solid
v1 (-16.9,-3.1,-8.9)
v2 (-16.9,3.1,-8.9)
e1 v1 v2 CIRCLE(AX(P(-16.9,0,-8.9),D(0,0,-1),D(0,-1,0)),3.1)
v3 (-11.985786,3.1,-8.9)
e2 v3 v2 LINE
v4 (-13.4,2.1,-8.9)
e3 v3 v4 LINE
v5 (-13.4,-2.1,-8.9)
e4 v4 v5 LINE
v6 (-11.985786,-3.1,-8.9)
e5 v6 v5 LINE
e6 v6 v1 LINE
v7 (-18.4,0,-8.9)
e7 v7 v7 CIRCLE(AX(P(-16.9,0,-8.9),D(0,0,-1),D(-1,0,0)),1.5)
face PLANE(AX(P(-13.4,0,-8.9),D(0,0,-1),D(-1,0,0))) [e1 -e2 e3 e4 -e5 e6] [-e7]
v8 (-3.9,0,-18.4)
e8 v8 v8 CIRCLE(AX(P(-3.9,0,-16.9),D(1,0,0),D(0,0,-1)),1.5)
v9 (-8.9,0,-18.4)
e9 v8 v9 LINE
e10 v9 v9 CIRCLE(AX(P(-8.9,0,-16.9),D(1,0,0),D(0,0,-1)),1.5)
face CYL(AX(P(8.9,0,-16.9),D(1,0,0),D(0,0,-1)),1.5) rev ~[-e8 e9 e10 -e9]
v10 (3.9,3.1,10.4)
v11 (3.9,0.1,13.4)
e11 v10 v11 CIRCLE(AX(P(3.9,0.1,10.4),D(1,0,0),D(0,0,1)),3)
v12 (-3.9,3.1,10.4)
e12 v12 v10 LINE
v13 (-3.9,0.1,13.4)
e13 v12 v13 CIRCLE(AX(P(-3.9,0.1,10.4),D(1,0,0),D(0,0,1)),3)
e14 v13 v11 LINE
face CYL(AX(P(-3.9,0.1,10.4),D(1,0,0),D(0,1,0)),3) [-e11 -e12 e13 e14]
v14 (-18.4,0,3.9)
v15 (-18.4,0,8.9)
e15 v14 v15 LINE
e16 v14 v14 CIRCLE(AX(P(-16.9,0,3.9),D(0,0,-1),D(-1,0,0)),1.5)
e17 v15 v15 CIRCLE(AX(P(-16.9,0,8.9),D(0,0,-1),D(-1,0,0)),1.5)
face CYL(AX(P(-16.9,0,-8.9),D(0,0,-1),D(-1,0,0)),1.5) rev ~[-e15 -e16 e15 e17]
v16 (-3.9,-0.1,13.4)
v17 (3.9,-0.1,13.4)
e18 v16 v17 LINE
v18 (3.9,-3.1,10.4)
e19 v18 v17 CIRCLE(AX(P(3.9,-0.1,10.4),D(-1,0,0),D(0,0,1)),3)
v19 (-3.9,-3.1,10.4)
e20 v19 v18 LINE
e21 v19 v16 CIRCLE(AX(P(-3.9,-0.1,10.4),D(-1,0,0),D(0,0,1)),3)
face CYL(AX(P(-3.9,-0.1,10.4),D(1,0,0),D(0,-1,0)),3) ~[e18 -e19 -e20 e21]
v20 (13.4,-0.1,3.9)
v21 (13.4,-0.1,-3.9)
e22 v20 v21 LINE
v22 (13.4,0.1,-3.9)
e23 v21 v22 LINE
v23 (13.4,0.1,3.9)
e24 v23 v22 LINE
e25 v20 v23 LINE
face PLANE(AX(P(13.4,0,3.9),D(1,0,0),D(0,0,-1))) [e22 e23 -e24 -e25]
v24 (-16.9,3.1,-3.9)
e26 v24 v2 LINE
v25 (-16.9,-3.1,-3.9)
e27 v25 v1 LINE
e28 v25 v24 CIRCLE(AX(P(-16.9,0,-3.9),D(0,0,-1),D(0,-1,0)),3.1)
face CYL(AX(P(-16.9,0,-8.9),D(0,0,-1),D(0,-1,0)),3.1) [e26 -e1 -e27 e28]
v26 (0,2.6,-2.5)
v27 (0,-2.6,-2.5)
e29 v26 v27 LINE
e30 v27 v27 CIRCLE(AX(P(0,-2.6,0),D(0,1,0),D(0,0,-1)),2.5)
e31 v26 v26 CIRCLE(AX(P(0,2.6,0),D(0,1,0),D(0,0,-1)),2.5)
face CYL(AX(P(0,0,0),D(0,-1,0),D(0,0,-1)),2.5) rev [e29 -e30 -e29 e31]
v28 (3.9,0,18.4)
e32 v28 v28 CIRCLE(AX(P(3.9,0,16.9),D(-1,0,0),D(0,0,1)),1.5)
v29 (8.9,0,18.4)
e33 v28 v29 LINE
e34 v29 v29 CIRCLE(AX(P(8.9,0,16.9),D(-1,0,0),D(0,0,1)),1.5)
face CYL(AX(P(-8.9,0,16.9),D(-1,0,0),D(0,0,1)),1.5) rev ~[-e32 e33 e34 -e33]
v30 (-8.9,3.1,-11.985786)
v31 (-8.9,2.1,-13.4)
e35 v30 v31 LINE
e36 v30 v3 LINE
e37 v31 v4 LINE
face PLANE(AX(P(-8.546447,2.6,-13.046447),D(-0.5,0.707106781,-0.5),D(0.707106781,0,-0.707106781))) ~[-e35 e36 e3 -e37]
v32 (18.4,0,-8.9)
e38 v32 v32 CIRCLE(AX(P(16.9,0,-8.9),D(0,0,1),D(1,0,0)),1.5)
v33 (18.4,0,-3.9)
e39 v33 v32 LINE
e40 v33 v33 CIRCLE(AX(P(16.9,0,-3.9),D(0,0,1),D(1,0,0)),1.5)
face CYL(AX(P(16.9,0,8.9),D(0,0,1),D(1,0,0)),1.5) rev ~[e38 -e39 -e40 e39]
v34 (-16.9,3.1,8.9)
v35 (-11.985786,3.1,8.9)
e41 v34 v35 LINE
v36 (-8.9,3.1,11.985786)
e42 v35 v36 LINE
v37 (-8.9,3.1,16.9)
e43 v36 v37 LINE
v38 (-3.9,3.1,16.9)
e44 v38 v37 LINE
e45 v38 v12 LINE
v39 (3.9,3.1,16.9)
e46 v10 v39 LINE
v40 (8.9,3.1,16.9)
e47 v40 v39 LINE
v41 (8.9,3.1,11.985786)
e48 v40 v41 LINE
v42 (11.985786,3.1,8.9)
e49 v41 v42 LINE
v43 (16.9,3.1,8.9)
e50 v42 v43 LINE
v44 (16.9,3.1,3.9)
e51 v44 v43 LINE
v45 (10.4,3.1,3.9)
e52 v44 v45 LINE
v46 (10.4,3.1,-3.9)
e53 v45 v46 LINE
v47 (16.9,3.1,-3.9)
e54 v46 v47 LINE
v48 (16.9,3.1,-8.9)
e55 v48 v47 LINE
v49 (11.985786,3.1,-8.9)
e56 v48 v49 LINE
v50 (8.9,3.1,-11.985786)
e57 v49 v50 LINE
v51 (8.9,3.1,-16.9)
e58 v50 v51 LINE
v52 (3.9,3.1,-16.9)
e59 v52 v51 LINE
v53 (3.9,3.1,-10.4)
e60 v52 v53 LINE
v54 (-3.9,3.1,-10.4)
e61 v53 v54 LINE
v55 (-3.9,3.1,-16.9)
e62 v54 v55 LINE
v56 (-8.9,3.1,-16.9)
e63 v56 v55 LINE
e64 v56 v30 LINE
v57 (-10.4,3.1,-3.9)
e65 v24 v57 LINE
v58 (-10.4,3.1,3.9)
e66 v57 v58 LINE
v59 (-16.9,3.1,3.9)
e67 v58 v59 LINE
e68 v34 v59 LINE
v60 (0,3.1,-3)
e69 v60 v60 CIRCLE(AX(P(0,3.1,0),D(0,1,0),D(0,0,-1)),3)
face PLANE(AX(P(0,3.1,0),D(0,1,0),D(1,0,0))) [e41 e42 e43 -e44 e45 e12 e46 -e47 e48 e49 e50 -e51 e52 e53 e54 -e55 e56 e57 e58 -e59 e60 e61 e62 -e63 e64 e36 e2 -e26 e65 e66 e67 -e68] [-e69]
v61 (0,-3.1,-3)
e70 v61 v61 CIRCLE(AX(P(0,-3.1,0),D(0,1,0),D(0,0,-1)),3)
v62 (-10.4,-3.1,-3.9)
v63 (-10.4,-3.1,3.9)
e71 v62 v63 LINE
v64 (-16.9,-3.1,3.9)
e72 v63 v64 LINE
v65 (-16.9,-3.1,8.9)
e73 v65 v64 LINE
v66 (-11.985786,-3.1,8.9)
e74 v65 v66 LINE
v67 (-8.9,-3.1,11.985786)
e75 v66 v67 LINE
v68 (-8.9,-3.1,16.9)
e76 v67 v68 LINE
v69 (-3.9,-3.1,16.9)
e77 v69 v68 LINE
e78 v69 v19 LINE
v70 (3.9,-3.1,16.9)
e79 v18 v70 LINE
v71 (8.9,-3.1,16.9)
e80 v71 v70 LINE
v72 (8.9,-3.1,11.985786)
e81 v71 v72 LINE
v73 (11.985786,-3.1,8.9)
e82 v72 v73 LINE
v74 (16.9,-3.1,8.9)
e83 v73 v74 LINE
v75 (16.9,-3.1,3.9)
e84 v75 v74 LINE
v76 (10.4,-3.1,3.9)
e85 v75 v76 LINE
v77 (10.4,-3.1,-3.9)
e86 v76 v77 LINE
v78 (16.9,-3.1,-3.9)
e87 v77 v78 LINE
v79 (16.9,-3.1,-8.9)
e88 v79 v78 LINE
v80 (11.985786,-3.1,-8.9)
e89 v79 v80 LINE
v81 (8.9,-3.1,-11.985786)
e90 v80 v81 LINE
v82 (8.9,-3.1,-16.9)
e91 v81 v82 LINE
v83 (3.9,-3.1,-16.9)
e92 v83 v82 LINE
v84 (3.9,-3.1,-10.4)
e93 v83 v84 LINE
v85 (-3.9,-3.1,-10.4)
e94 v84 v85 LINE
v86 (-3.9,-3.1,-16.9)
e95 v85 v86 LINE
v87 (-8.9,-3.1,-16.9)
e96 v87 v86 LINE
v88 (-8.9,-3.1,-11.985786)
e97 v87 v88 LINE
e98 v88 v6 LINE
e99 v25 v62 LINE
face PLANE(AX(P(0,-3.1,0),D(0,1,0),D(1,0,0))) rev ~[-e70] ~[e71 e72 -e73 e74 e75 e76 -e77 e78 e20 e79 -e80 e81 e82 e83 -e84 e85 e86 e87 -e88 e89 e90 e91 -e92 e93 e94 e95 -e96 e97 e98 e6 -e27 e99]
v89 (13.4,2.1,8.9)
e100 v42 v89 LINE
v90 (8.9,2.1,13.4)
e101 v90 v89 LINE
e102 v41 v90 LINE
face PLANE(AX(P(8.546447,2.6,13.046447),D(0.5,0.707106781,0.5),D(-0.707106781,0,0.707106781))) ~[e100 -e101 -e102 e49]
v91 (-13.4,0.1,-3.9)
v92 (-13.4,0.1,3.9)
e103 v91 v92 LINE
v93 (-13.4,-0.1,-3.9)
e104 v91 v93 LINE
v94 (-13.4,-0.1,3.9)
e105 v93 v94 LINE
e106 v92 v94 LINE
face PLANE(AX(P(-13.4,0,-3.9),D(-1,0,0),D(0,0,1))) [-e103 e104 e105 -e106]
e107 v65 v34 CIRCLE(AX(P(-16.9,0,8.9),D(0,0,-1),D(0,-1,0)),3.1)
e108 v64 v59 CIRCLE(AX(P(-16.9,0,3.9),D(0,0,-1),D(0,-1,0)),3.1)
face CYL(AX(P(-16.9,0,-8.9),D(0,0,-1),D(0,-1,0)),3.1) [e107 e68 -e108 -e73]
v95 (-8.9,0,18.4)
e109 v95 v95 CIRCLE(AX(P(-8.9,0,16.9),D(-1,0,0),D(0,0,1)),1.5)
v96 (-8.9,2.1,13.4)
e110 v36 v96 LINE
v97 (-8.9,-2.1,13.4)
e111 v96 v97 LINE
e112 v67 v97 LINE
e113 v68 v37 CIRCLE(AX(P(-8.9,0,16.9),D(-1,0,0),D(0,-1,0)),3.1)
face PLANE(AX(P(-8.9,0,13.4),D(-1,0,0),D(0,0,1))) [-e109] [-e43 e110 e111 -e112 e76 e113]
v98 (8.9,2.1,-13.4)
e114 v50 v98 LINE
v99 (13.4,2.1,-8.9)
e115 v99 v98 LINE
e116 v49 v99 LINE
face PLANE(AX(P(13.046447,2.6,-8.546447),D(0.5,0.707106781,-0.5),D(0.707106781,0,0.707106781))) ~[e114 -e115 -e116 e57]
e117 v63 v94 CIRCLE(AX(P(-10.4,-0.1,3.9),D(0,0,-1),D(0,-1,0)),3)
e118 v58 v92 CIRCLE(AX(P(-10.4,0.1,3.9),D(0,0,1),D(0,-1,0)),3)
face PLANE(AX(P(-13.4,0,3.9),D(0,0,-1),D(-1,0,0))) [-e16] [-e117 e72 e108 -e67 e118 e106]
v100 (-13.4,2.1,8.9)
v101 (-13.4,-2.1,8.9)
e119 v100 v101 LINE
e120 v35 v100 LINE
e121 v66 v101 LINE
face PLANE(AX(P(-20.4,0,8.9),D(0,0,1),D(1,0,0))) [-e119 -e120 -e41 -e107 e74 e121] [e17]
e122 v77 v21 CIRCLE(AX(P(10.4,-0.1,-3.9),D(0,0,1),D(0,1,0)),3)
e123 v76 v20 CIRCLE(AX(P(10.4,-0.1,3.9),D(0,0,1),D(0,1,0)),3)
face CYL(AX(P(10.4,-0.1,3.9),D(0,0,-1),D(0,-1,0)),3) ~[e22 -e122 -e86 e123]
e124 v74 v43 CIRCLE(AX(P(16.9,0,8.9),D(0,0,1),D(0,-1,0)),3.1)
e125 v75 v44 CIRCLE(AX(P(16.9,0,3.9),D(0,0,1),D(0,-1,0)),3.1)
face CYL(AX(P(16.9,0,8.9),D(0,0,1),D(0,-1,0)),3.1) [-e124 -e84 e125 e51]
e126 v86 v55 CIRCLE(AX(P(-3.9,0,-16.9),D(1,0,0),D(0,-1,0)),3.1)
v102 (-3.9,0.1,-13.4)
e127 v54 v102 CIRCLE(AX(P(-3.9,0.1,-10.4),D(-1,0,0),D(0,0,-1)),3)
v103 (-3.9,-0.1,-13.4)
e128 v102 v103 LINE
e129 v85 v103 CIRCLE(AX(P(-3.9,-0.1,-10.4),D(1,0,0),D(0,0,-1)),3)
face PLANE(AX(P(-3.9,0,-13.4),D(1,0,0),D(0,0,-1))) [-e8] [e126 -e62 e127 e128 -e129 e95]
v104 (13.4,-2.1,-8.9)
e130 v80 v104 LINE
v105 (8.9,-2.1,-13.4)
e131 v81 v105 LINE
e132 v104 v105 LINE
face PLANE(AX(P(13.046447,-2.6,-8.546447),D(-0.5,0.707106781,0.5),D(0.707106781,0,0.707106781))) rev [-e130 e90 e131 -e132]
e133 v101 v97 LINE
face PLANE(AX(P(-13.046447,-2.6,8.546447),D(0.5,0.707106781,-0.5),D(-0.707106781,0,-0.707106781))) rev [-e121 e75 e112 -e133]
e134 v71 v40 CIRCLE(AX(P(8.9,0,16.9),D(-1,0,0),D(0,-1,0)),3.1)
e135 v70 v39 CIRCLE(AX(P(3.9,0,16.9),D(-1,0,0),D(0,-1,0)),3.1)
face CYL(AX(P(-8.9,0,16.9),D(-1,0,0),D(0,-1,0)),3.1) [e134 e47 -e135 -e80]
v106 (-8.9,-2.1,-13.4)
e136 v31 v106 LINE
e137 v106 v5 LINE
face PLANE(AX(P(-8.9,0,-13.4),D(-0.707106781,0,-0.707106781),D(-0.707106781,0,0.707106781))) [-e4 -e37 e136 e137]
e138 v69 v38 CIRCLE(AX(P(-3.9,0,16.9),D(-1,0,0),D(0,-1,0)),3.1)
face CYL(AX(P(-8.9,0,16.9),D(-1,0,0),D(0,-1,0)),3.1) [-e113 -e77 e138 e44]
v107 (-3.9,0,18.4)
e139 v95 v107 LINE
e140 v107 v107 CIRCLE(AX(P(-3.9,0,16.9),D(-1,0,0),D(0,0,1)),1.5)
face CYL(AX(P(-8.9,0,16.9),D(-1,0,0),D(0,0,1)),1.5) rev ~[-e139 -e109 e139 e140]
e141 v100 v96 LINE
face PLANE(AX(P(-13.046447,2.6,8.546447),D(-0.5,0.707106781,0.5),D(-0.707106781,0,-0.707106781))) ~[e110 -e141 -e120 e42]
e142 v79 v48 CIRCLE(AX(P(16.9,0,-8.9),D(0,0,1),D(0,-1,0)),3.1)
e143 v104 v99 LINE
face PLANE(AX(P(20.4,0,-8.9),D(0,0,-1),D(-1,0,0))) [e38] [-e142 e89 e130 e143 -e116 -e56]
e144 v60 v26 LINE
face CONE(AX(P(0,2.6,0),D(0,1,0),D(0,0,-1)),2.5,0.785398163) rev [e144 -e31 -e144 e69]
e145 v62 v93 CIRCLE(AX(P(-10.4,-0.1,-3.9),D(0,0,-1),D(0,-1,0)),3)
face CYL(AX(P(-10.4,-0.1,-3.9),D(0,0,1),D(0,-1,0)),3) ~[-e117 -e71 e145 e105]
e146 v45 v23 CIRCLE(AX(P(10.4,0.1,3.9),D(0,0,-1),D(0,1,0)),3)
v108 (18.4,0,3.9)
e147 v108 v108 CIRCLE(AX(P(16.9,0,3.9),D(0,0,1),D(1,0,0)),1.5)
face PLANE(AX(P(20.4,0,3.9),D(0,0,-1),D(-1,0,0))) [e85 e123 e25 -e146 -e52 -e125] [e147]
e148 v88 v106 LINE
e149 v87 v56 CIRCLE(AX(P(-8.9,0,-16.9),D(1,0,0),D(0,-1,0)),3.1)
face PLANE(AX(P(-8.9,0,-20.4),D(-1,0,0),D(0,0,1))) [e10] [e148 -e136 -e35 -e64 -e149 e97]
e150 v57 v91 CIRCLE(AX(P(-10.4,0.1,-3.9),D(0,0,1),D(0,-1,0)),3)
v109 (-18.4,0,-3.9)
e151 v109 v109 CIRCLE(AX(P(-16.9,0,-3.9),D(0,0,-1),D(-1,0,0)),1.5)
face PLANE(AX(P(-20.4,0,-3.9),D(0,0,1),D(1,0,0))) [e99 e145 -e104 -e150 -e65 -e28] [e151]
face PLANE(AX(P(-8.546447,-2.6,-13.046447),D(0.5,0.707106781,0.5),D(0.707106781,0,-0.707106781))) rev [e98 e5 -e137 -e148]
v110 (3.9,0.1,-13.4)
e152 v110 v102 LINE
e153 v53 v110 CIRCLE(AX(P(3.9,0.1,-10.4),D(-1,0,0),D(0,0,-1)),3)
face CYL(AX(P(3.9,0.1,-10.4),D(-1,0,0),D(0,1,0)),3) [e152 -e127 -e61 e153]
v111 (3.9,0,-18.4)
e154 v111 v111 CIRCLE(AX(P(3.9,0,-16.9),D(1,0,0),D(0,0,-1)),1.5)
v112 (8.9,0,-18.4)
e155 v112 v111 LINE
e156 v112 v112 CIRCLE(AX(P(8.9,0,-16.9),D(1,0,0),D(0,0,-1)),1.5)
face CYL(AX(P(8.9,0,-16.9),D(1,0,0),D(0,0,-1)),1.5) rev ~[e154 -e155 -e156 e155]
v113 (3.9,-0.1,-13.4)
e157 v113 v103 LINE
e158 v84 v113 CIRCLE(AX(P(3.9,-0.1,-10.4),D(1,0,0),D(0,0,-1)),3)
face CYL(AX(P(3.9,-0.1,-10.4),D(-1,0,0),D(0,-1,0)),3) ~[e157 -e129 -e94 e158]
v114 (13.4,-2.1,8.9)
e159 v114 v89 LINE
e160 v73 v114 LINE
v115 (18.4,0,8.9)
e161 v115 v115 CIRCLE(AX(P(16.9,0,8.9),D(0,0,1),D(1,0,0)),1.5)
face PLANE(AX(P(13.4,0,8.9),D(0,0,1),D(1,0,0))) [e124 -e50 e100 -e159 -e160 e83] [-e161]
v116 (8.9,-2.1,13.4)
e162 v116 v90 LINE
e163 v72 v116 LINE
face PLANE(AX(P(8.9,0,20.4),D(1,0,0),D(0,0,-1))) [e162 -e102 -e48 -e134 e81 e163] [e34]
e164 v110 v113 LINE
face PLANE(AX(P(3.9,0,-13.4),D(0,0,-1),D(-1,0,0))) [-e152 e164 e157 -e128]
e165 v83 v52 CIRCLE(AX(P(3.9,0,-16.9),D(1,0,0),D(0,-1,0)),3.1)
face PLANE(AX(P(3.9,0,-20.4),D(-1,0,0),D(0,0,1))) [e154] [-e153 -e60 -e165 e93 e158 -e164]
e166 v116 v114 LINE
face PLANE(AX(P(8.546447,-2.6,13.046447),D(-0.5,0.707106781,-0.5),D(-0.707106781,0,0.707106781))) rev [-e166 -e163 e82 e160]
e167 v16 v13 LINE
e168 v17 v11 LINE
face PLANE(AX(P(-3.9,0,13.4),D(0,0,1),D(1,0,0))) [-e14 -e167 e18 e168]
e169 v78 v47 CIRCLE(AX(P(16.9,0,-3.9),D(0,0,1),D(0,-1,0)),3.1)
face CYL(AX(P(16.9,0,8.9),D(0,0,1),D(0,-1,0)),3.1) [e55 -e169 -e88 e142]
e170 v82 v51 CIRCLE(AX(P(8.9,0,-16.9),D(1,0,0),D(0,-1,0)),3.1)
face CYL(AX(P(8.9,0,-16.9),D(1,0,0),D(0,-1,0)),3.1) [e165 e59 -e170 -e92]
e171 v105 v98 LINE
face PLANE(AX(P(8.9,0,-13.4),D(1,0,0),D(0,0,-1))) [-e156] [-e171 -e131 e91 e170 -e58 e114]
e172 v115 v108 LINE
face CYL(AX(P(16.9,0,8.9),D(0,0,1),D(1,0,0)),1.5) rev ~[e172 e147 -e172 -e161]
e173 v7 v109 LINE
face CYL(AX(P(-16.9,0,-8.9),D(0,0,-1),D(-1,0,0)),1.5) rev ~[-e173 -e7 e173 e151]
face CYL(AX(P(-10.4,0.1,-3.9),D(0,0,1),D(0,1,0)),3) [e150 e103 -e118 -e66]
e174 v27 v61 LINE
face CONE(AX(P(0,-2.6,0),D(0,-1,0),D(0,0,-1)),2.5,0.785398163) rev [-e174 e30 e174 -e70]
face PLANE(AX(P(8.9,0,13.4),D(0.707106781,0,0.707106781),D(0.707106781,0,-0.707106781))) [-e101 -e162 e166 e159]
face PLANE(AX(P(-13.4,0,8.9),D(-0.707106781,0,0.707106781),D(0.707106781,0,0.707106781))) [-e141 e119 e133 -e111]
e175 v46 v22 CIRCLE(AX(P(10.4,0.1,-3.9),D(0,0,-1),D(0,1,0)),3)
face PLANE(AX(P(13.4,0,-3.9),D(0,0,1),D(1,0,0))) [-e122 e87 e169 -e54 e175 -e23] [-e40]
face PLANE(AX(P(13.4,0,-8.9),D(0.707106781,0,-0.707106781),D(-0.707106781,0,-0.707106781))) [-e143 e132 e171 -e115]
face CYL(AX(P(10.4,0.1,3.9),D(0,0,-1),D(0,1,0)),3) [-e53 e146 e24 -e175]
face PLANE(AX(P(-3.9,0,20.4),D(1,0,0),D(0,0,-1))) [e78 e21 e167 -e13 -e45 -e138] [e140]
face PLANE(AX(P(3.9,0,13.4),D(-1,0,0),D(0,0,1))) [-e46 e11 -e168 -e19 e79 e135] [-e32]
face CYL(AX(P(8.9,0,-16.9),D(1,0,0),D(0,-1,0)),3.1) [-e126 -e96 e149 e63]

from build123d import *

# Parameters (mm, degrees)
SKETCH1_R           = 2.5
BOSS_EXTRUDE1_DEPTH = 3.1
SKETCH2_R           = 1.5
CUT_EXTRUDE1_DEPTH  = 36.836573497
CIRPATTERN1_COUNT   = 4
FILLET1_R           = 3
CHAMFER1_SIZE       = 1
CHAMFER3_SIZE       = 0.5


with BuildPart() as part:
    # Sketch1 → Boss-Extrude1 (new, symmetric)
    with BuildSketch(Plane(origin=(0, 0, 0), x_dir=(1, 0, 0), z_dir=(0, 1, 0))):
        Polygon((-8.9, -13.4), (-8.9, -20.4), (-3.9, -20.4), (-3.9, -13.4), (3.9, -13.4), (3.9, -20.4), (8.9, -20.4), (8.9, -13.4), (13.4, -8.9), (20.4, -8.9), (20.4, -3.9), (13.4, -3.9), (13.4, 3.9), (20.4, 3.9), (20.4, 8.9), (13.4, 8.9), (8.9, 13.4), (8.9, 20.4), (3.9, 20.4), (3.9, 13.4), (-3.9, 13.4), (-3.9, 20.4), (-8.9, 20.4), (-8.9, 13.4), (-13.4, 8.9), (-20.4, 8.9), (-20.4, 3.9), (-13.4, 3.9), (-13.4, -3.9), (-20.4, -3.9), (-20.4, -8.9), (-13.4, -8.9), align=None)
        with Locations(Location((0, 0, 0), (0, 0, 90))):
            Circle(SKETCH1_R, mode=Mode.SUBTRACT)
    extrude(amount=BOSS_EXTRUDE1_DEPTH, both=True)

    # Sketch2 → Cut-Extrude1 (cut, symmetric)
    with BuildSketch(Plane.ZY.offset(8.9)):
        with Locations((16.9, 0)):
            Circle(SKETCH2_R)
        with BuildLine():
            Line((16.9, 3.1), (20.4, 3.1))
            Line((20.4, 3.1), (20.4, -3.1))
            Line((20.4, -3.1), (16.9, -3.1))
            ThreePointArc((16.9, -3.1), (20, 0), (16.9, 3.1))
        make_face()
    cut_extrude1 = extrude(amount=CUT_EXTRUDE1_DEPTH, both=True, mode=Mode.SUBTRACT)

    # CirPattern1: Cut-Extrude1 ×4 about axis
    cirpattern1_axis = Axis((0, 3.1, 0), (0, 1, 0))
    for i in range(1, CIRPATTERN1_COUNT):
        add(cut_extrude1.rotate(cirpattern1_axis, i * 360 / CIRPATTERN1_COUNT), mode=Mode.SUBTRACT)

    # Fillet1
    fillet1_edges = [part.edges().sort_by_distance(p)[0] for p in [
        (-13.4, 3.1, 0),
        (0, 3.1, 13.4),
        (-13.4, -3.1, 0),
        (0, -3.1, -13.4),
        (13.4, -3.1, 0),
        (0, -3.1, 13.4),
        (13.4, 3.1, 0),
        (0, 3.1, -13.4),
    ]]
    fillet(fillet1_edges, radius=FILLET1_R)

    # Chamfer1
    chamfer1_edges = [part.edges().sort_by_distance(p)[0] for p in [
        (-11.15, 3.1, -11.15),
        (-11.15, -3.1, -11.15),
        (11.15, -3.1, -11.15),
        (11.15, 3.1, 11.15),
        (11.15, -3.1, 11.15),
        (-11.15, -3.1, 11.15),
        (-11.15, 3.1, 11.15),
        (11.15, 3.1, -11.15),
    ]]
    chamfer(chamfer1_edges, length=CHAMFER1_SIZE)

    # Chamfer3
    chamfer3_edges = [part.edges().sort_by_distance(p)[0] for p in [
        (0, -3.1, 2.5),
        (0, 3.1, 2.5),
    ]]
    chamfer(chamfer3_edges, length=CHAMFER3_SIZE)


solid = part.part
